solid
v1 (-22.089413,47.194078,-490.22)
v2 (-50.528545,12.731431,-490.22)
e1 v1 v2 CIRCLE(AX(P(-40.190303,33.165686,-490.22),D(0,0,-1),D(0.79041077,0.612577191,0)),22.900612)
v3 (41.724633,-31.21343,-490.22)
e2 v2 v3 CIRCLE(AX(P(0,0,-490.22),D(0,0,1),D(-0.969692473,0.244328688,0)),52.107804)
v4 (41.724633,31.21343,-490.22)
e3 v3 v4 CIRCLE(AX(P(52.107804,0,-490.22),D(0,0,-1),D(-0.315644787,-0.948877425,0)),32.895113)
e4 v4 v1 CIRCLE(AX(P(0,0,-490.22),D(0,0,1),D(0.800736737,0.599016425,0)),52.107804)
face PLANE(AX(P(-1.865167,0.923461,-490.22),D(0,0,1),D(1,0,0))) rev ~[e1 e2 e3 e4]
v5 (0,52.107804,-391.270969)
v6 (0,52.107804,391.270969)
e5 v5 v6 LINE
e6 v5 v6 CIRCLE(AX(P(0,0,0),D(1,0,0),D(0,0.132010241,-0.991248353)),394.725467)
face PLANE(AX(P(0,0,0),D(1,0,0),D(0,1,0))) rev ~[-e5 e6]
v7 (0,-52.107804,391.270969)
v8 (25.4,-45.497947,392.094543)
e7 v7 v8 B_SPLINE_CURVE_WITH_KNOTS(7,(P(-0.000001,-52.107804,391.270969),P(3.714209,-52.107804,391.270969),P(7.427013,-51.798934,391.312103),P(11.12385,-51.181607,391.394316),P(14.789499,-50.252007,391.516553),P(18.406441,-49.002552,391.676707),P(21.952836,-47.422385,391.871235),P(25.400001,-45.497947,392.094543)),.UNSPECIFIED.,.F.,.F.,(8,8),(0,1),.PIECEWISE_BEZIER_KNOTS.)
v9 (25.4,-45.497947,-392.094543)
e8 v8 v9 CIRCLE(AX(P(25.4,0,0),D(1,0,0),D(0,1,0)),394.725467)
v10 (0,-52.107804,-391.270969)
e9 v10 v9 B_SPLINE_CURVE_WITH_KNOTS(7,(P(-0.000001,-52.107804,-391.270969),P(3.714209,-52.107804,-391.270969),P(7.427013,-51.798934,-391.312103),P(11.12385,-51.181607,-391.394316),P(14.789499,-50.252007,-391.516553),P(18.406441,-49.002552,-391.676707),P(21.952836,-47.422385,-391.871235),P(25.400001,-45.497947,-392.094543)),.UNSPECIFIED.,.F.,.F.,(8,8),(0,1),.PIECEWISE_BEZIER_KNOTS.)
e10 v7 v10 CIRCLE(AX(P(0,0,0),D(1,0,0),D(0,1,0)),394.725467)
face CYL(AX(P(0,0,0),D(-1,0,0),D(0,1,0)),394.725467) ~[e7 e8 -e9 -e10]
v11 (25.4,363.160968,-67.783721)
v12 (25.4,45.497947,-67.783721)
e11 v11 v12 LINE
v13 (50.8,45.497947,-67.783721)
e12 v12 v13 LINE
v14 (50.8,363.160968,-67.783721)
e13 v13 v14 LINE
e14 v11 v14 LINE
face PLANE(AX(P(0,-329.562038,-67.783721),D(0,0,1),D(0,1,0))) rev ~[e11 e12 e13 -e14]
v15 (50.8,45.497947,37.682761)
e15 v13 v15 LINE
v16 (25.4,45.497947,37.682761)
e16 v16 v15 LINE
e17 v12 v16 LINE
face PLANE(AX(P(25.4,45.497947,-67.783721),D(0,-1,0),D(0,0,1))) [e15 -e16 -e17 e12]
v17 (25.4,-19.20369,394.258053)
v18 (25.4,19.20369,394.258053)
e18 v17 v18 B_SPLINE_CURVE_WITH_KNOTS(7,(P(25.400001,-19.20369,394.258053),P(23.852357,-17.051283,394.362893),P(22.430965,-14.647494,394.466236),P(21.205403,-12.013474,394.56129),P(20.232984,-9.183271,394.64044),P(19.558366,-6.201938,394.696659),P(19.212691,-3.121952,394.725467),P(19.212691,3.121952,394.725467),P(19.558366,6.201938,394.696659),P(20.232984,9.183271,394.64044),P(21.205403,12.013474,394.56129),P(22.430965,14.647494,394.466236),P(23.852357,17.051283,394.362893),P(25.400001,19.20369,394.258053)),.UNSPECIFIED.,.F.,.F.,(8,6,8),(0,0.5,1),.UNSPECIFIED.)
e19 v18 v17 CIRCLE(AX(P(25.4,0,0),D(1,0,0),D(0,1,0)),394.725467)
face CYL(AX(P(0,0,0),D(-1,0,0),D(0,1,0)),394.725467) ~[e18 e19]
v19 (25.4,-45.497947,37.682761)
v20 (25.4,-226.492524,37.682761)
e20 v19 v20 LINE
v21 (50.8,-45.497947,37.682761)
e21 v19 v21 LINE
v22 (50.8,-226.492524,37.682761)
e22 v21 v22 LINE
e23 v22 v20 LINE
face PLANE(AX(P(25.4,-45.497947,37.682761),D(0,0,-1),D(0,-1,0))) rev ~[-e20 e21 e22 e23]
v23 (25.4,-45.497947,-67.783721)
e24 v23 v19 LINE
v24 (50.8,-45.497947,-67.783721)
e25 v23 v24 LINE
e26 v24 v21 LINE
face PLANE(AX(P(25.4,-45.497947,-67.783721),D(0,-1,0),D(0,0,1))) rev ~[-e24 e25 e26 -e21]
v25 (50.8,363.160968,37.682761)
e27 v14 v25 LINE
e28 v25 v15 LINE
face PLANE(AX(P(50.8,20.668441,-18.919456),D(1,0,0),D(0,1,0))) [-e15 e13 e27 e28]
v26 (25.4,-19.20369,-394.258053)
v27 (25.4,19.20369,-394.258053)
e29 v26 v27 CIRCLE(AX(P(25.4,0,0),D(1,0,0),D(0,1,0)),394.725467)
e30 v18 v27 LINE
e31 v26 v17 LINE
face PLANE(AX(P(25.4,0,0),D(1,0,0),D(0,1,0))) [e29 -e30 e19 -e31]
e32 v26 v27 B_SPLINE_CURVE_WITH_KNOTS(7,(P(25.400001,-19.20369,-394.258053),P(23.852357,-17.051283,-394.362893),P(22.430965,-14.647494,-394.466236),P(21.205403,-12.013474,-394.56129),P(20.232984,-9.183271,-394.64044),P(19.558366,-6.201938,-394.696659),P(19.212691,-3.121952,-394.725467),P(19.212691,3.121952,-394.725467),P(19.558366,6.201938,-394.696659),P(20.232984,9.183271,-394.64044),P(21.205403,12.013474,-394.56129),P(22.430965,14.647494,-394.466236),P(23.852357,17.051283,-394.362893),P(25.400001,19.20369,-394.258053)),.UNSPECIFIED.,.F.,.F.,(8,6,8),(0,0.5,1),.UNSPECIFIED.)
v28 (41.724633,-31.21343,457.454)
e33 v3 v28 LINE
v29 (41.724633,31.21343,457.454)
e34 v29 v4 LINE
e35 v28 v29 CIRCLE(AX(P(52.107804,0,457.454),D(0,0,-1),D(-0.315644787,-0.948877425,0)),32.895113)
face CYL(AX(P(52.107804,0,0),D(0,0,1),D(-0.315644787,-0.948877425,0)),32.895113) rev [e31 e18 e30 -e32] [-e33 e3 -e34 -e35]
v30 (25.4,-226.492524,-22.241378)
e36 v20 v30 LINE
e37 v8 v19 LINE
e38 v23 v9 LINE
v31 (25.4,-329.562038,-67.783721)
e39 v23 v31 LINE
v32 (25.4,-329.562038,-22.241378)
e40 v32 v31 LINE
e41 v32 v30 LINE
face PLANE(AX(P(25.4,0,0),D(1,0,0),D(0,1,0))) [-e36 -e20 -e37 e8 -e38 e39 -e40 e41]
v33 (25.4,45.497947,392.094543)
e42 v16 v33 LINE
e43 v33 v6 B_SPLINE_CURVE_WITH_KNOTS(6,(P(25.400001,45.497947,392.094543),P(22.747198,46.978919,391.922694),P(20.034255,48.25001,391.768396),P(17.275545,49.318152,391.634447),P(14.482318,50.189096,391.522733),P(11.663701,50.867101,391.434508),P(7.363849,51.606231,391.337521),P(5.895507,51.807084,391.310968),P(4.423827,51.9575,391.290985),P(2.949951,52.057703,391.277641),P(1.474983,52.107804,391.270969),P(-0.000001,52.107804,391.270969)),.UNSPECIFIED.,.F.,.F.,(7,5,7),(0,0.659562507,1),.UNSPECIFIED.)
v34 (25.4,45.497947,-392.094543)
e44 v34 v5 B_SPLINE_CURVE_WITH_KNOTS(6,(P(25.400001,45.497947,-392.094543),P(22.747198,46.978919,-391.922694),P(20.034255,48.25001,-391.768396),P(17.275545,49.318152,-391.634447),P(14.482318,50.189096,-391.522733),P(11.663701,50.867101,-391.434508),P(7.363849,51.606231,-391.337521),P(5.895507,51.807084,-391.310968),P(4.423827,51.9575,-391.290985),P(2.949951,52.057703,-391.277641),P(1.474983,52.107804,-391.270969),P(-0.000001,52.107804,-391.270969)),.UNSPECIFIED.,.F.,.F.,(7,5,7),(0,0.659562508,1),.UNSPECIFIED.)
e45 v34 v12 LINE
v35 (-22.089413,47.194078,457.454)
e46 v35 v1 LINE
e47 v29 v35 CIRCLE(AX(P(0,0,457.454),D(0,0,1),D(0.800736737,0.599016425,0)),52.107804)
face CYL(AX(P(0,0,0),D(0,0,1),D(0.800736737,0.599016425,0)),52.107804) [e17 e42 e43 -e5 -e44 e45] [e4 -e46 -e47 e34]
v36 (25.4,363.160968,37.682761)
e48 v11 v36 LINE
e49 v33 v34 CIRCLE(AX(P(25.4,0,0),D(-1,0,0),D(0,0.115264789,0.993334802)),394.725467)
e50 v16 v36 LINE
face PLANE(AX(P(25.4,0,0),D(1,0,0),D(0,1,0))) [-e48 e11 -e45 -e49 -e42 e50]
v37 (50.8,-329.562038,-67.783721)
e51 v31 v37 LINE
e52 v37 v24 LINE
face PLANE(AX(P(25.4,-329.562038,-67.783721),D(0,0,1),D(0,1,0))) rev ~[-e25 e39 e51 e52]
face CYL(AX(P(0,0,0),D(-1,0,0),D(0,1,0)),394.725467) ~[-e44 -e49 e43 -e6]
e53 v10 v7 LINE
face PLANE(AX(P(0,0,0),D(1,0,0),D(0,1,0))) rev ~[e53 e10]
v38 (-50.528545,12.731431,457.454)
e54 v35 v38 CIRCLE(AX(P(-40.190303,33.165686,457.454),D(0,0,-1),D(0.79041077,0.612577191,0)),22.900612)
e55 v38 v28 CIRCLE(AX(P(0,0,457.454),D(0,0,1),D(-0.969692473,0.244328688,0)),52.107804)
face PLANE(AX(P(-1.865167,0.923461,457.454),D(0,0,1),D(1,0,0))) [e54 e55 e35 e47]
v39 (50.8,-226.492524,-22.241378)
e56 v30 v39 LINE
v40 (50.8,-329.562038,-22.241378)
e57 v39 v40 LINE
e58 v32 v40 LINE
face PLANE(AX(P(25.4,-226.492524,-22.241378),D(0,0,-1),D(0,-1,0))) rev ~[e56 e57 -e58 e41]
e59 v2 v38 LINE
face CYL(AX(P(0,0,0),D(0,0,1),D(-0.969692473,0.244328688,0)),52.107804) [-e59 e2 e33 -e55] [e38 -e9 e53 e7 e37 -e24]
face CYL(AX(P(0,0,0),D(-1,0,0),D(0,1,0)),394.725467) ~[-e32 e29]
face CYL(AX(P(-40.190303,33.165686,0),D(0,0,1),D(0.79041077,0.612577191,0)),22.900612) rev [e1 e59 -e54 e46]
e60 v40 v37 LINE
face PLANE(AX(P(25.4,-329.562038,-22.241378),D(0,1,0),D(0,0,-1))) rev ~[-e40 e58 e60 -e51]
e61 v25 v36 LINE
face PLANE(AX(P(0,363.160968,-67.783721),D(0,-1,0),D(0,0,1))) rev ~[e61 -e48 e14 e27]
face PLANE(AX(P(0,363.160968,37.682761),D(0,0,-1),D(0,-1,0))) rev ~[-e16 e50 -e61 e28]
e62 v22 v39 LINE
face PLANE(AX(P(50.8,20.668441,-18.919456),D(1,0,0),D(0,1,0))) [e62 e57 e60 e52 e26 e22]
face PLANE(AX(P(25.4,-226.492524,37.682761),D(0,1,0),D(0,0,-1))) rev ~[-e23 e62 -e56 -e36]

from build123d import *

# Parameters (mm, degrees)
F1_DEPTH  = 34.29
F2_DEPTH  = 36.068
F3_DEPTH  = 89.916
F4_DEPTH  = 297.18
F5_DEPTH  = 490.22
F7_DEPTH  = 25.4
F8_DEPTH  = 25.4
F9_R      = 267.1036956646
F10_DEPTH = 25.4
F11_R     = 394.725466742
F12_DEPTH = 25.4


with BuildPart() as f1:
    # F0 (on Top) → F1 (new body)
    with BuildSketch(Plane.XY):
        with BuildLine():
            ThreePointArc((-22.0894133395, 47.1940784517), (-22.5272575475, 18.5898560115), (-50.5285451852, 12.7314313437))
            ThreePointArc((-50.5285451852, 12.7314313437), (-22.4090369372, -47.0431534459), (41.7246328393, -31.2134303949))
            ThreePointArc((41.7246328393, -31.2134303949), (19.2126905803, 0), (41.7246328393, 31.2134303949))
            ThreePointArc((41.7246328393, 31.2134303949), (12.6582281257, 50.5469334709), (-22.0894133395, 47.1940784517))
        make_face()
    extrude(amount=F1_DEPTH)

    # F2 (add): a face of the model
    f2_faces = [f1.faces().sort_by_distance(p)[0] for p in [
        (-4.6967293791, -3.1263412286, 34.29),
    ]]
    extrude(f2_faces, amount=F2_DEPTH)

    # F3 (add): a face of the model
    f3_faces = [f1.faces().sort_by_distance(p)[0] for p in [
        (-4.6967293791, -3.1263412286, 70.358),
    ]]
    extrude(f3_faces, amount=F3_DEPTH)

    # F4 (add): a face of the model
    f4_faces = [f1.faces().sort_by_distance(p)[0] for p in [
        (-4.6967293791, -3.1263412286, 160.274),
    ]]
    extrude(f4_faces, amount=F4_DEPTH)

    # F5 (add): a face of the model
    f5_faces = [f1.faces().sort_by_distance(p)[0] for p in [
        (-4.6967293791, -3.1263412286, 0),
    ]]
    extrude(f5_faces, amount=F5_DEPTH)

    # F6 (on Right) → F7 (join)
    with BuildSketch(Plane.YZ):
        Polygon((-226.492524147, -22.241378203), (-329.5620381832, -22.241378203), (-329.5620381832, -67.7837207913), (363.1609678268, -67.7837207913), (363.1609678268, 37.6827605069), (-226.492524147, 37.6827605069), align=None)
    extrude(amount=F7_DEPTH)

    # F8 (add): faces of the model
    f8_faces = [f1.faces().sort_by_distance(p)[0] for p in [
        (25.4, -164.0280914182, -20.9640918351),
        (25.4, 204.3294576408, -15.0504801422),
    ]]
    extrude(f8_faces, amount=F8_DEPTH)

    # F9 (on Right) → F10 (join)
    with BuildSketch(Plane.YZ):
        Circle(F9_R)
    extrude(amount=F10_DEPTH)

    # F11 (on Right) → F12 (join)
    with BuildSketch(Plane.YZ):
        Circle(F11_R)
    extrude(amount=F12_DEPTH)


solid = f1.part
